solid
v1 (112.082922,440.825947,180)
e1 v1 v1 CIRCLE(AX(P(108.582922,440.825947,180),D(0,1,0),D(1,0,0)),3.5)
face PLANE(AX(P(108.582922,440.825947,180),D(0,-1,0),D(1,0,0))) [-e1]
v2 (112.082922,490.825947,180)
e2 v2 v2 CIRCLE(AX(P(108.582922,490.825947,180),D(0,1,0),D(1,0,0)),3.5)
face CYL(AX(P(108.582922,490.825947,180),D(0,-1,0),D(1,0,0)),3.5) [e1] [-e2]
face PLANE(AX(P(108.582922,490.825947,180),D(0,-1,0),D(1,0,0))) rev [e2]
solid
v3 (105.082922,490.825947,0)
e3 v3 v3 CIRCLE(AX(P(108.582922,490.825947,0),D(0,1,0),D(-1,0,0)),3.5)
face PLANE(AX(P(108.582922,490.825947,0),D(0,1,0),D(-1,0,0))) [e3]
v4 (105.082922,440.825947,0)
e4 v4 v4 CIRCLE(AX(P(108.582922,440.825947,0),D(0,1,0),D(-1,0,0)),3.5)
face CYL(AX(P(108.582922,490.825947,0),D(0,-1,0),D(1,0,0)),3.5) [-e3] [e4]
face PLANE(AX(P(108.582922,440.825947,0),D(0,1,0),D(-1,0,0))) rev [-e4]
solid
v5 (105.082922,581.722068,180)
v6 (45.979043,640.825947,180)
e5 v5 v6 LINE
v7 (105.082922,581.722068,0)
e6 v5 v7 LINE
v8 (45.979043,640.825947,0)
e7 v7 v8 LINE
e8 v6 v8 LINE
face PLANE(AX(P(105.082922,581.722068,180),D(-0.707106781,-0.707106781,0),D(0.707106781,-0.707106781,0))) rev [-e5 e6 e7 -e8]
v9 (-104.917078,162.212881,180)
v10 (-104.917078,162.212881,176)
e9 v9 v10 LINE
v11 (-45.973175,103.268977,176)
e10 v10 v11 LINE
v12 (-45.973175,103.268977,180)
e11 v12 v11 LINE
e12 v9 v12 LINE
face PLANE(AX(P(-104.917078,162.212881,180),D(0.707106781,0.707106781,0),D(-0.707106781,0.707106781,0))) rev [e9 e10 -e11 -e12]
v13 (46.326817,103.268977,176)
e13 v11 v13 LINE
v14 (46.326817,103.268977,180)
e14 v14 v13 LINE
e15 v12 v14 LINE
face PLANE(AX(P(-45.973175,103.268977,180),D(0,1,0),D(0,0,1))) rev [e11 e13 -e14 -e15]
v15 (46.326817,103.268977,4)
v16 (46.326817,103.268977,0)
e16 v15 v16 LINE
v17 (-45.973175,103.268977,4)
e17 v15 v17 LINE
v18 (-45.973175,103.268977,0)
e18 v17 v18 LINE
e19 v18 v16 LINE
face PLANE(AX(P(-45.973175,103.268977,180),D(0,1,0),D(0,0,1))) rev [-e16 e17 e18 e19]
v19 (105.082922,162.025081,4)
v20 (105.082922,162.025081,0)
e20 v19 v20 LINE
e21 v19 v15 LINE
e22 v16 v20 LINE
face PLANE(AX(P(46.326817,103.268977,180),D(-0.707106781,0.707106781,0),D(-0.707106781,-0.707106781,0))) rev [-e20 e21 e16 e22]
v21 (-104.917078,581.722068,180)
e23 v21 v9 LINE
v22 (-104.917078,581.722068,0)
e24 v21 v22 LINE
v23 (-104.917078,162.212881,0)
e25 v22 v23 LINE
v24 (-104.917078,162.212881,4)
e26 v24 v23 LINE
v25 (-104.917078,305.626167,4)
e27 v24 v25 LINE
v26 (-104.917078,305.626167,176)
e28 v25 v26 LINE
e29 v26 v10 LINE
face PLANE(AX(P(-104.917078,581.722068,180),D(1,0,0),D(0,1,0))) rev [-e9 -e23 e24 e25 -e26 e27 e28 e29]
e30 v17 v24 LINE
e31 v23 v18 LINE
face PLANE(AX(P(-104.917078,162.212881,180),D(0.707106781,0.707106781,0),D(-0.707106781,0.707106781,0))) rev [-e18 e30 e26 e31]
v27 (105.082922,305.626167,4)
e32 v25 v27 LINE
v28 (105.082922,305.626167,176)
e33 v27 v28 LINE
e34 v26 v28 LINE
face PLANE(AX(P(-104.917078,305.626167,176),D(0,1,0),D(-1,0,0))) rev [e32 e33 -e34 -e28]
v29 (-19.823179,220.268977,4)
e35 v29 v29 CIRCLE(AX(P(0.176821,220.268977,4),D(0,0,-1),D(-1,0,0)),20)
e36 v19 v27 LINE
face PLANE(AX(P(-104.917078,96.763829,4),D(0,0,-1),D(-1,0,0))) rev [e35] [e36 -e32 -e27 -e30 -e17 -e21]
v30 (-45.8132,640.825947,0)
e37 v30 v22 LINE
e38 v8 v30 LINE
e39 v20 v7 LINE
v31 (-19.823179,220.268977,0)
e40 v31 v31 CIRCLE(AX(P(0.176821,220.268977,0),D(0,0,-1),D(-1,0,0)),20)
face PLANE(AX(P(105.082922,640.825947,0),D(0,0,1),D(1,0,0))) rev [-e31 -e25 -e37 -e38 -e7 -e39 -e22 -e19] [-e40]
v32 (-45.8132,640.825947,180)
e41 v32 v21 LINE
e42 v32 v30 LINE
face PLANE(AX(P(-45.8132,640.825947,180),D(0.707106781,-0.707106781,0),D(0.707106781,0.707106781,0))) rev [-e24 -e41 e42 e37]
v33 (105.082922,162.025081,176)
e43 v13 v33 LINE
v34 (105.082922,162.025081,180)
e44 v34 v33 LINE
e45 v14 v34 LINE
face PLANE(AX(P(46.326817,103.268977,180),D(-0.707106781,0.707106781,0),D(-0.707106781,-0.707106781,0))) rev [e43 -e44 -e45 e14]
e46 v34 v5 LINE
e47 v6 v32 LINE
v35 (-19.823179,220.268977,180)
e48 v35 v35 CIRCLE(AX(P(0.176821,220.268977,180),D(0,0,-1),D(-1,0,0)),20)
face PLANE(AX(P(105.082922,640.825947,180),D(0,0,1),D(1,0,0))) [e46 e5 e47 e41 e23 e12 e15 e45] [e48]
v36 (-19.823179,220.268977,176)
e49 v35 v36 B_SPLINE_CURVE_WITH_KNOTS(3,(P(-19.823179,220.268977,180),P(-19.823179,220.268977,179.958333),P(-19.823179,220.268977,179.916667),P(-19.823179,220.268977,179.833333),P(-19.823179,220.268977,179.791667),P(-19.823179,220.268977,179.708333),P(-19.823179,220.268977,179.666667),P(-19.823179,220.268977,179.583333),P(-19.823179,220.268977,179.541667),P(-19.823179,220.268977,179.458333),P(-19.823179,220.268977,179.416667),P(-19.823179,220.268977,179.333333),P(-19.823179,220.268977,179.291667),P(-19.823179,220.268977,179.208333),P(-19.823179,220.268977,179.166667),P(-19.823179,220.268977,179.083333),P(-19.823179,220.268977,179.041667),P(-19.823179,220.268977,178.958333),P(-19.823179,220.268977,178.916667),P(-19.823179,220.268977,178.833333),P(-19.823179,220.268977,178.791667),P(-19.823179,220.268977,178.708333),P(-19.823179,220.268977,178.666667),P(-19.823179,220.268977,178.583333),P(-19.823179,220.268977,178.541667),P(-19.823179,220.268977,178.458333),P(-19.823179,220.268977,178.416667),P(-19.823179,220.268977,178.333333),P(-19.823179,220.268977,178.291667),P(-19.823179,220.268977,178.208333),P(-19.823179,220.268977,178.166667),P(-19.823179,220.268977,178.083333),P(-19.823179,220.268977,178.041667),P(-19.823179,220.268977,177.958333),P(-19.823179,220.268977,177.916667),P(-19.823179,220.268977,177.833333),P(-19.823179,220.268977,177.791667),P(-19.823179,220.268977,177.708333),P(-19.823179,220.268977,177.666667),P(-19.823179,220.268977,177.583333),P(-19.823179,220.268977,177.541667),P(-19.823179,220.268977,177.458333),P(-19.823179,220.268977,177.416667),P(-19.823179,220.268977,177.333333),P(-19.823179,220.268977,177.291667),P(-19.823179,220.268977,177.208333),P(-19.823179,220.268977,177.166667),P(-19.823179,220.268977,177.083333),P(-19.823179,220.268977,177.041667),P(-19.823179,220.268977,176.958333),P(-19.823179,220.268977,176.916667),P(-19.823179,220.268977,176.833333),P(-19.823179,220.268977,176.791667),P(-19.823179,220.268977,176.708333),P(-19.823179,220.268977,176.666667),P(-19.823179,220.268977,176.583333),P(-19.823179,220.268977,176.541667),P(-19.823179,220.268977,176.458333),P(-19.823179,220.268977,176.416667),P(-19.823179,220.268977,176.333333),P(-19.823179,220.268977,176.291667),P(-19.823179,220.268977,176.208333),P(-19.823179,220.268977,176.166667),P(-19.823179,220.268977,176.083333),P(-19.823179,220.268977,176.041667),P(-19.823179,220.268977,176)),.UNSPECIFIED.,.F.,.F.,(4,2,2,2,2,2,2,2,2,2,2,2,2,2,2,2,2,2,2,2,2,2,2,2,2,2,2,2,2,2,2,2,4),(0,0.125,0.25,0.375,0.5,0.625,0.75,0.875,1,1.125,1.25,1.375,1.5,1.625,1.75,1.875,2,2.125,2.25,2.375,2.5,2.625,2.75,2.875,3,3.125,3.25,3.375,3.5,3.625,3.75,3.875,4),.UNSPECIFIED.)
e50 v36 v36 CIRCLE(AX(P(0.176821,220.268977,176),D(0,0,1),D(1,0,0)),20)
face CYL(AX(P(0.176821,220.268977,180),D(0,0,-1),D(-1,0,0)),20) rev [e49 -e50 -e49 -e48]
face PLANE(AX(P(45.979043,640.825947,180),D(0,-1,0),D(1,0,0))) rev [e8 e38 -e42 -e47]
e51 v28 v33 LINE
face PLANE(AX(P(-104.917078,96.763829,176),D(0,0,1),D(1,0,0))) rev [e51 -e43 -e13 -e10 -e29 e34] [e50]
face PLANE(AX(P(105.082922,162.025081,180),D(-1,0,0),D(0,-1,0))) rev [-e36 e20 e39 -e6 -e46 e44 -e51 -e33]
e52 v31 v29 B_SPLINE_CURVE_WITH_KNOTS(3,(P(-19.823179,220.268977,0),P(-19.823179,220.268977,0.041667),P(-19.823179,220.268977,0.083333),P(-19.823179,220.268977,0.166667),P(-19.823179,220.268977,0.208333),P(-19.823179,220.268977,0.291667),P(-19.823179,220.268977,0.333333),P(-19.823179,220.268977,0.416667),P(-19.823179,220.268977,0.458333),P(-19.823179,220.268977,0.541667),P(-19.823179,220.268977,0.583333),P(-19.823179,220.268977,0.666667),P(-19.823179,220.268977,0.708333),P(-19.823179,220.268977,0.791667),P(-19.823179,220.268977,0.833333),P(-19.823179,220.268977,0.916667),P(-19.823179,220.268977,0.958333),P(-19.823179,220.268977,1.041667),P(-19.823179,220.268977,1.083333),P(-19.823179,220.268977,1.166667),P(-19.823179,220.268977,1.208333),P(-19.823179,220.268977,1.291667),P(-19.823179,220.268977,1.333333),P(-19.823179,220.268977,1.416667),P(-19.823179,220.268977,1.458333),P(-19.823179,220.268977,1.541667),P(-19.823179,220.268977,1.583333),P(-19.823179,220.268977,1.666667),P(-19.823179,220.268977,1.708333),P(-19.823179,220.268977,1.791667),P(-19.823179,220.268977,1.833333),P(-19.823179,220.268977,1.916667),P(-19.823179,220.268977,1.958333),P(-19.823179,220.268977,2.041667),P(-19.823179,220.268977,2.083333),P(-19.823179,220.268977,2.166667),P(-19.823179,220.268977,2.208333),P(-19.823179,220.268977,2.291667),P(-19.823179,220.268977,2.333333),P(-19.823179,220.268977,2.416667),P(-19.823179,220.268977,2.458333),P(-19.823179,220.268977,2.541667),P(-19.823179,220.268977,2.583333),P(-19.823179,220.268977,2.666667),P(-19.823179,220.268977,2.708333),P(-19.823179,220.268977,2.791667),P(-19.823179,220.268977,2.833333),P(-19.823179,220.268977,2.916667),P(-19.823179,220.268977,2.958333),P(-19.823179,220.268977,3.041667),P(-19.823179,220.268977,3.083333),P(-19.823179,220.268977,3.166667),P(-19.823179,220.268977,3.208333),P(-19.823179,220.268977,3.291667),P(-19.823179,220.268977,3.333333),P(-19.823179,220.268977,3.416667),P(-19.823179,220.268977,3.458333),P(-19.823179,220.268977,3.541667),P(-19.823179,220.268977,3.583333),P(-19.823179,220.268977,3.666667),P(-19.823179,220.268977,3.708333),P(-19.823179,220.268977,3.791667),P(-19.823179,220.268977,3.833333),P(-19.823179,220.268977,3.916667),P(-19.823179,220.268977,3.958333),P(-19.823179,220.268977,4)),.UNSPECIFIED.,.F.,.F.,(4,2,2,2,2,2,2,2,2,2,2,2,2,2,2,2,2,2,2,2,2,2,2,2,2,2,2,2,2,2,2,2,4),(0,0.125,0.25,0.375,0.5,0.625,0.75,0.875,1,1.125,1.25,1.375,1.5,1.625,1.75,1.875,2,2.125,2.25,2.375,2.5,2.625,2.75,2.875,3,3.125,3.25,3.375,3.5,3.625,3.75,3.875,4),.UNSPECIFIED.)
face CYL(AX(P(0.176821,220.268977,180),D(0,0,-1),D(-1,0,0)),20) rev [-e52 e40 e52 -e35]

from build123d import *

# Parameters (mm, degrees)
EXTRUDE_1_DEPTH       = 180
SKETCH1_W             = 172
SKETCH1_H             = 208.862338185
CUT_EXTRUDE1_DEPTH    = 698.966972306
SKETCH2_R             = 20
CUT_EXTRUDE2_DEPTH    = 674.869657154
SKETCH3_R             = 3.5
BOSS_EXTRUDE1_DEPTH   = 50
BOSS_EXTRUDE1_2_DEPTH = 50


with BuildPart() as part:
    # Эскиз1 → Вытянуть1 (new body)
    with BuildSketch(Plane.XY):
        Polygon((105.082921559, 581.722068254), (45.979042749, 640.825947064), (-45.813199631, 640.825947064), (-104.917078441, 581.722068254), (-104.917078441, 162.212880509), (-45.97317451, 103.268976578), (46.326817337, 103.268976578), (105.082921559, 162.0250808), align=None)
    extrude(amount=EXTRUDE_1_DEPTH)

    # Sketch1 → Cut-Extrude1 (cut, through all)
    with BuildSketch(Plane(origin=(105.082921559, 0, 0), x_dir=(0, 0, -1), z_dir=(1, 0, 0))):
        with Locations((-90, 201.194997681)):
            Rectangle(SKETCH1_W, SKETCH1_H)
    extrude(amount=-CUT_EXTRUDE1_DEPTH, mode=Mode.SUBTRACT)

    # Sketch2 → Cut-Extrude2 (cut, through all)
    with BuildSketch(Plane(origin=(0, 0, 0), x_dir=(-1, 0, 0), z_dir=(0, 0, -1))):
        with Locations((-0.176821413, 220.268976578)):
            Circle(SKETCH2_R)
    extrude(amount=-CUT_EXTRUDE2_DEPTH, mode=Mode.SUBTRACT)


with BuildPart() as body_2:
    # Sketch3 → Boss-Extrude1 (new body)
    with BuildSketch(Plane(origin=(0, 440.825947064, 0), x_dir=(1, 0, 0), z_dir=(0, 1, 0))):
        with Locations(Location((108.582921559, 0, 0), (0, 0, 180))):
            Circle(SKETCH3_R)
    extrude(amount=BOSS_EXTRUDE1_DEPTH)


with BuildPart() as body_3:
    # Sketch3 → Boss-Extrude1 2 (new body)
    with BuildSketch(Plane(origin=(0, 440.825947064, 0), x_dir=(1, 0, 0), z_dir=(0, 1, 0))):
        with Locations((108.582921559, -180)):
            Circle(SKETCH3_R)
    extrude(amount=BOSS_EXTRUDE1_2_DEPTH)


solid = Compound([part.part, body_2.part, body_3.part])
